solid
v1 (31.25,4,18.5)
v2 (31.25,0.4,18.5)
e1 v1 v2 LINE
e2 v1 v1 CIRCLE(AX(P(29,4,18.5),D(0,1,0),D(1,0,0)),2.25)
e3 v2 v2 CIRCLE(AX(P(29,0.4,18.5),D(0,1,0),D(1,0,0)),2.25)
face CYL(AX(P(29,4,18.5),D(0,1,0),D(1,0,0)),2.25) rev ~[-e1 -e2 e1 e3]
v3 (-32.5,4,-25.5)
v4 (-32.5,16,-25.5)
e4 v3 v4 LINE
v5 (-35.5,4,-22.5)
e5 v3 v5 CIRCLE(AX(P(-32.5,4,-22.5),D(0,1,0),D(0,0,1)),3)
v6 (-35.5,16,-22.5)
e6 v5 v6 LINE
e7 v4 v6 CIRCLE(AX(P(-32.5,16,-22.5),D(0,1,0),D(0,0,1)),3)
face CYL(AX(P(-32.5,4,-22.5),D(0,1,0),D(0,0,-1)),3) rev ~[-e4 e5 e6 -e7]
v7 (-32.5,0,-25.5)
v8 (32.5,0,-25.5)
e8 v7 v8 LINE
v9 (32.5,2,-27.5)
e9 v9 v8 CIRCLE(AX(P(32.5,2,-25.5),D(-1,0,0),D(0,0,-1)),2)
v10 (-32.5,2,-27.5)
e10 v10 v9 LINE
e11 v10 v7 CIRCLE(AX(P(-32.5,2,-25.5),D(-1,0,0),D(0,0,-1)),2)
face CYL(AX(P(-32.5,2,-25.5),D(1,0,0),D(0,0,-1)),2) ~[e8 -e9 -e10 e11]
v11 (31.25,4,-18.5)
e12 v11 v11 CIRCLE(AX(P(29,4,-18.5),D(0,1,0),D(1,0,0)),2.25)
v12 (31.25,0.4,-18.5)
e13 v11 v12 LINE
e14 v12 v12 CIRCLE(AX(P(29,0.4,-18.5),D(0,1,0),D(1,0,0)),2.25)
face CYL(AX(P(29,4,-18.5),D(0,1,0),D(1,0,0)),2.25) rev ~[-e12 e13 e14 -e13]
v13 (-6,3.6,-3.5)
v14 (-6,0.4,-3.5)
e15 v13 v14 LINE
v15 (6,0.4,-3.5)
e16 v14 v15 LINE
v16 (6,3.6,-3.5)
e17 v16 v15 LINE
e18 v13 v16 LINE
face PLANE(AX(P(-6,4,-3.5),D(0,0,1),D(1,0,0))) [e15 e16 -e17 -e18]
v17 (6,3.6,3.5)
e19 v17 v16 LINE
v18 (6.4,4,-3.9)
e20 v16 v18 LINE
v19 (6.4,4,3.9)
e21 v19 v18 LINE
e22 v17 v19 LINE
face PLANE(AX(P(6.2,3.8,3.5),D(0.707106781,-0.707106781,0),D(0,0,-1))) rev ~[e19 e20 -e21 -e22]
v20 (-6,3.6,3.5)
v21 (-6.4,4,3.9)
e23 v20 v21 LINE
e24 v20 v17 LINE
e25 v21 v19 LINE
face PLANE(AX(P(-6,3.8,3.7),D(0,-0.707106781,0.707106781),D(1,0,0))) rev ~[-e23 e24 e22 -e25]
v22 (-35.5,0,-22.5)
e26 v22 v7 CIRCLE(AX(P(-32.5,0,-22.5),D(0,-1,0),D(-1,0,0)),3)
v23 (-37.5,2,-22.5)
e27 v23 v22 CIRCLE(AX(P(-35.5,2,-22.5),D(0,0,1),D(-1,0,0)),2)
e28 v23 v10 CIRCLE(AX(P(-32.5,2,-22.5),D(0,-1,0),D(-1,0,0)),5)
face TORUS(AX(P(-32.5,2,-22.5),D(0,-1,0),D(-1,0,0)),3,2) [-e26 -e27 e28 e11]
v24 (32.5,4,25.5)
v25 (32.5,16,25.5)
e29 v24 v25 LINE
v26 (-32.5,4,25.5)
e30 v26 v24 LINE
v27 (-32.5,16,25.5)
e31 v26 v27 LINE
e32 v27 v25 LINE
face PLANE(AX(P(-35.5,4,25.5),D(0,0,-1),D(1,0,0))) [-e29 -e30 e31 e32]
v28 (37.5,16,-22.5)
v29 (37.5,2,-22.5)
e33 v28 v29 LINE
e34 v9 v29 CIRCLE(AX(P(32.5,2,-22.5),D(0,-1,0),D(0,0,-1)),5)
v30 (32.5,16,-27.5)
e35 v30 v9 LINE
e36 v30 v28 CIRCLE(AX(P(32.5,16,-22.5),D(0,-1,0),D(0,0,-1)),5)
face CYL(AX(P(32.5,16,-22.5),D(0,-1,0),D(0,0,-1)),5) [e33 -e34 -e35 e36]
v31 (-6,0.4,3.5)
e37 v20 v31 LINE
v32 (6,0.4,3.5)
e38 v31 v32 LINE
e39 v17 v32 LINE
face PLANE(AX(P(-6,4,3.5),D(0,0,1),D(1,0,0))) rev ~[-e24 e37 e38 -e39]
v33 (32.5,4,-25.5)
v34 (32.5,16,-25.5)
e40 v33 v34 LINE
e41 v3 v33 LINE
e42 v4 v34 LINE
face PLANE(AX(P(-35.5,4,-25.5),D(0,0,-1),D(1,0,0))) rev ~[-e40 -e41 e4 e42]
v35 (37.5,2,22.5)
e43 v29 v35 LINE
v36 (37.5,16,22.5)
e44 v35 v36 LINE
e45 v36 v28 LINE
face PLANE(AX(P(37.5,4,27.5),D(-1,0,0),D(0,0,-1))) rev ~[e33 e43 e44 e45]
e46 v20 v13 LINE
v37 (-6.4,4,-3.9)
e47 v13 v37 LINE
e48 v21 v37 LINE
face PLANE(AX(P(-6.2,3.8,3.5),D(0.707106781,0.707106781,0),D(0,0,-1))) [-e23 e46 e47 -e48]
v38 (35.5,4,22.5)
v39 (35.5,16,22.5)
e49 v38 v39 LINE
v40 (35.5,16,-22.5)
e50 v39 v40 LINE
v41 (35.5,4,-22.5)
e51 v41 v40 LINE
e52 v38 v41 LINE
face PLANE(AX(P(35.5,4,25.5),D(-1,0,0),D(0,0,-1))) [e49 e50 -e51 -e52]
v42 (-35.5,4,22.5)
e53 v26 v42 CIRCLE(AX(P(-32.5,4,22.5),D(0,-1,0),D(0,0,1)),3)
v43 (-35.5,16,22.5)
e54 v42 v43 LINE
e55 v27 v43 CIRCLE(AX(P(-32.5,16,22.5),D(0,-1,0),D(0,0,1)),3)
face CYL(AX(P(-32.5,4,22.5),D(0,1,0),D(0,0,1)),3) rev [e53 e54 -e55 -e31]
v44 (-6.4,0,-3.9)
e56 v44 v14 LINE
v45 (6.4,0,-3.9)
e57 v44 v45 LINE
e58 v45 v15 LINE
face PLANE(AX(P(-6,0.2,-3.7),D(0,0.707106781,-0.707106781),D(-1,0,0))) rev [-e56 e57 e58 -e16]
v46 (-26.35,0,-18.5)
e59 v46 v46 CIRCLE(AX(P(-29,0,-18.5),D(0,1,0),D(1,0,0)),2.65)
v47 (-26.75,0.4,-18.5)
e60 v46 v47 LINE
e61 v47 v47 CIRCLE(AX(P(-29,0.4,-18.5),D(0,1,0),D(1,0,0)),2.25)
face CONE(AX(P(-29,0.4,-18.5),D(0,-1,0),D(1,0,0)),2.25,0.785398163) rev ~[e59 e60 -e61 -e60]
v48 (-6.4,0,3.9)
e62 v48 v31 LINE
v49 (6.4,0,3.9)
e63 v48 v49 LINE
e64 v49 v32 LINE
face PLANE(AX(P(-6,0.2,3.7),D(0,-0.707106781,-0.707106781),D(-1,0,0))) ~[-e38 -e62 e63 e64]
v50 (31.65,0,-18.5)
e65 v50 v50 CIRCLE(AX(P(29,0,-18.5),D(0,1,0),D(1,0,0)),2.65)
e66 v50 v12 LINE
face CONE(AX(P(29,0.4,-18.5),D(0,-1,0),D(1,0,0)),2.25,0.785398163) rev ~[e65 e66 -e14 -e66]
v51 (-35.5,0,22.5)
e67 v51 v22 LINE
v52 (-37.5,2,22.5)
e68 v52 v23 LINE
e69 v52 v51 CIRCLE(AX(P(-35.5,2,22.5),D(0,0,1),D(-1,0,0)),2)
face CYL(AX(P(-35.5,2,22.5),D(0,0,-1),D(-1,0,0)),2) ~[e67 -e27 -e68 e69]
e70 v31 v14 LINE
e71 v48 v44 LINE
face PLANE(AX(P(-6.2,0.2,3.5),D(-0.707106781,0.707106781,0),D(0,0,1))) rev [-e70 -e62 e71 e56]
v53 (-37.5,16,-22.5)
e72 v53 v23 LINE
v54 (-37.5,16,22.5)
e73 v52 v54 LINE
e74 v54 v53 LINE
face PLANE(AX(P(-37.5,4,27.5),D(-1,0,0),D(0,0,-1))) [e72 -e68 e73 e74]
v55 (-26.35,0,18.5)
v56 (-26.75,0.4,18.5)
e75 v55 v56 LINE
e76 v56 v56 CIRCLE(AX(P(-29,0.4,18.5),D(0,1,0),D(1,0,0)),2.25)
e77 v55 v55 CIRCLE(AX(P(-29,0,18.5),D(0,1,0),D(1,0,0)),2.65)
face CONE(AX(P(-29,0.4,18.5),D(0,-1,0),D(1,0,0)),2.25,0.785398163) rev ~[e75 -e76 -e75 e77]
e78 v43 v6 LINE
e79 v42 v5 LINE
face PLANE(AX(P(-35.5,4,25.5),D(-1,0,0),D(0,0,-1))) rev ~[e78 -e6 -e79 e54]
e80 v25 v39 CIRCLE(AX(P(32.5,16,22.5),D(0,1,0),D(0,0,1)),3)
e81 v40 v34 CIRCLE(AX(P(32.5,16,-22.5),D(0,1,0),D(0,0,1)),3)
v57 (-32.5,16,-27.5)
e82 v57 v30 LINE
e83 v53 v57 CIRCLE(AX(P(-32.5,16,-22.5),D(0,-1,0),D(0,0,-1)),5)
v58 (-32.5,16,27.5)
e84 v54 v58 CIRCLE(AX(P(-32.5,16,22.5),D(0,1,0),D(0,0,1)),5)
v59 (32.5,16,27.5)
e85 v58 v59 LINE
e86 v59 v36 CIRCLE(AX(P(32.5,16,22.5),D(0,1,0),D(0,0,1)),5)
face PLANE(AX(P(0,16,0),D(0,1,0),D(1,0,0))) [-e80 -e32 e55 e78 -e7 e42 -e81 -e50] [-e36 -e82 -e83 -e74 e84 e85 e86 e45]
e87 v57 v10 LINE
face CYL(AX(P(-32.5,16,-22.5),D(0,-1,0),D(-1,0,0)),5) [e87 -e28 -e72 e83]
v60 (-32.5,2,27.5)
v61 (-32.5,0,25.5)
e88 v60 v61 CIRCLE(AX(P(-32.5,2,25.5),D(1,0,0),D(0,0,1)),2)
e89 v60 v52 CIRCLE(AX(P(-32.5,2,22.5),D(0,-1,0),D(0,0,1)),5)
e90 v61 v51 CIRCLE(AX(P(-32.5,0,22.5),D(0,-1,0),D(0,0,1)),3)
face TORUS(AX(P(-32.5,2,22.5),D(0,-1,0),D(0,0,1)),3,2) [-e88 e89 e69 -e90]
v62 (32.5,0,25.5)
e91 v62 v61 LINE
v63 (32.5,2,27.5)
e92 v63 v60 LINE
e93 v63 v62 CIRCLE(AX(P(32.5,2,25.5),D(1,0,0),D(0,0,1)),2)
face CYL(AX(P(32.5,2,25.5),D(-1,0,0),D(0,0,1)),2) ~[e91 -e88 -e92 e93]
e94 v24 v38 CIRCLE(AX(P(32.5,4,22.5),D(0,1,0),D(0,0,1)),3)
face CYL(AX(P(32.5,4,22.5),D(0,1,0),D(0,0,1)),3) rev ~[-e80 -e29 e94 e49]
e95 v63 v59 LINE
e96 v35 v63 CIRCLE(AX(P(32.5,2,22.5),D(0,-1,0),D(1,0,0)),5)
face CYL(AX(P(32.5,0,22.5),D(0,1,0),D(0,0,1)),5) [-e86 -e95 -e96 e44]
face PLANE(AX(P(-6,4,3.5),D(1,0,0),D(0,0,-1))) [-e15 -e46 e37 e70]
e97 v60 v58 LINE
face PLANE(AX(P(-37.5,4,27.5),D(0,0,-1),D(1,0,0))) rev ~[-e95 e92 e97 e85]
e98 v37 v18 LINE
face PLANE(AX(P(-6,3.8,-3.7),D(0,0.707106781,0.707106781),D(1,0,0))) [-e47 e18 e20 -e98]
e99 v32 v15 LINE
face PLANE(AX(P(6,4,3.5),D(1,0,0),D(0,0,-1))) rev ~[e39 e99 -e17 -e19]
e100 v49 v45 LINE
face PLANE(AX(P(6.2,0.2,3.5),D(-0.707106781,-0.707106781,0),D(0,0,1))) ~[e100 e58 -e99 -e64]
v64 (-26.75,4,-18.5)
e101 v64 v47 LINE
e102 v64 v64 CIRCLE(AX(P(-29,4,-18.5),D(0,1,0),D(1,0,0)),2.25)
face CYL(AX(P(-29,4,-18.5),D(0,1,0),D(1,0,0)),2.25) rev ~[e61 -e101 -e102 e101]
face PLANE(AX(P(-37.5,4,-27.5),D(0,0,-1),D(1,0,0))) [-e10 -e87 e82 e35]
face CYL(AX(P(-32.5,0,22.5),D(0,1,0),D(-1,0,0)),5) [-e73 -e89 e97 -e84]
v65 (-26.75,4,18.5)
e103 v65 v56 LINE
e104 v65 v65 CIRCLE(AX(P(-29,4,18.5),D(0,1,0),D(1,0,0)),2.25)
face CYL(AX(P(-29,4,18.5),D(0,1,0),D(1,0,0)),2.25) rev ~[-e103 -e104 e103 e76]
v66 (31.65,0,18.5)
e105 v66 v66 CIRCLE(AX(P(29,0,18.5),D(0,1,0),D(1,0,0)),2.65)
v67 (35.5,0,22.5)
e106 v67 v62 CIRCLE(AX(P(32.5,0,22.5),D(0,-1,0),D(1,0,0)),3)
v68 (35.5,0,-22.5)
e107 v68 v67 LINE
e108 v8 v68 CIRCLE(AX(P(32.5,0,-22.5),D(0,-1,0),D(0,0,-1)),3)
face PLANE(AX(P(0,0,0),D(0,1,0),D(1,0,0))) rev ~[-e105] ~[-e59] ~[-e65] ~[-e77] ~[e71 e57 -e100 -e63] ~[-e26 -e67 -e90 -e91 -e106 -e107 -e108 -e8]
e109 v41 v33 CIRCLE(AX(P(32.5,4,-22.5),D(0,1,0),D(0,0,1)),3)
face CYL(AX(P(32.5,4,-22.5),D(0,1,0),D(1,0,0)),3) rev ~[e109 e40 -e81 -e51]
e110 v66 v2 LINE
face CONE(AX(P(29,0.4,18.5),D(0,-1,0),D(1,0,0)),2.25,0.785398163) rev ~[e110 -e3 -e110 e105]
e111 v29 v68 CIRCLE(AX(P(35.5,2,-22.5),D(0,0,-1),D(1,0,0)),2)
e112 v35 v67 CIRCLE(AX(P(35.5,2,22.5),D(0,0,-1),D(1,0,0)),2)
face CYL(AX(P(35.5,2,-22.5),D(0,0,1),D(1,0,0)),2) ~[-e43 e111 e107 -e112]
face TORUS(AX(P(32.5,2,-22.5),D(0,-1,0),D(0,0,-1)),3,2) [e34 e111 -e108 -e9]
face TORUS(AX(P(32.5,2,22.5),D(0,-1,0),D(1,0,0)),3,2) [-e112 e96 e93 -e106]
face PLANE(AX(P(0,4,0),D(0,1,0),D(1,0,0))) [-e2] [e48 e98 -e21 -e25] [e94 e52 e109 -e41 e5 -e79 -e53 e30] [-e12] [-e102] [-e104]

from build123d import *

# Parameters (mm, degrees)
SKETCH1_W           = 75
SKETCH1_H           = 55
BOSS_EXTRUDE1_DEPTH = 4
SKETCH2_W           = 75
SKETCH2_H           = 55
SKETCH2_W_2         = 71
SKETCH2_H_2         = 51
BOSS_EXTRUDE2_DEPTH = 12
SKETCH3_R           = 2.25
SKETCH3_W           = 12
SKETCH3_H           = 7
CUT_EXTRUDE1_DEPTH  = 5
FILLET1_R           = 5
FILLET2_R           = 3
FILLET3_R           = 2
CHAMFER1_SIZE       = 0.4


with BuildPart() as part:
    # Sketch1 → Boss-Extrude1 (new body)
    with BuildSketch(Plane(origin=(0, 0, 0), x_dir=(1, 0, 0), z_dir=(0, 1, 0))):
        Rectangle(SKETCH1_W, SKETCH1_H)
    extrude(amount=BOSS_EXTRUDE1_DEPTH)

    # Sketch2 → Boss-Extrude2 (add)
    with BuildSketch(Plane(origin=(0, 4, 0), x_dir=(1, 0, 0), z_dir=(0, 1, 0))):
        Rectangle(SKETCH2_W, SKETCH2_H)
        Rectangle(SKETCH2_W_2, SKETCH2_H_2, mode=Mode.SUBTRACT)
    extrude(amount=BOSS_EXTRUDE2_DEPTH)

    # Sketch3 → Cut-Extrude1 (cut, through all)
    with BuildSketch(Plane(origin=(0, 4, 0), x_dir=(1, 0, 0), z_dir=(0, 1, 0))):
        with Locations((-29, 18.5)):
            Circle(SKETCH3_R)
        with Locations((29, 18.5)):
            Circle(SKETCH3_R)
        with Locations((29, -18.5)):
            Circle(SKETCH3_R)
        with Locations((-29, -18.5)):
            Circle(SKETCH3_R)
        Rectangle(SKETCH3_W, SKETCH3_H)
    extrude(amount=-CUT_EXTRUDE1_DEPTH, mode=Mode.SUBTRACT)

    # Fillet1
    fillet1_edges = [part.edges().sort_by_distance(p)[0] for p in [
        (37.5, 8, 27.5),
        (-37.5, 8, 27.5),
        (-37.5, 8, -27.5),
        (37.5, 8, -27.5),
    ]]
    fillet(fillet1_edges, radius=FILLET1_R)

    # Fillet2
    fillet2_edges = [part.edges().sort_by_distance(p)[0] for p in [
        (35.5, 10, -25.5),
        (-35.5, 10, -25.5),
        (-35.5, 10, 25.5),
        (35.5, 10, 25.5),
    ]]
    fillet(fillet2_edges, radius=FILLET2_R)

    # Fillet3
    fillet3_edges = [part.edges().sort_by_distance(p)[0] for p in [
        (-37.5, 0, 0),
        (37.5, 0, 0),
        (0, 0, 27.5),
        (0, 0, -27.5),
        (-36.035533906, 0, 26.035533906),
        (36.035533906, 0, 26.035533906),
        (36.035533906, 0, -26.035533906),
        (-36.035533906, 0, -26.035533906),
    ]]
    fillet(fillet3_edges, radius=FILLET3_R)

    # Chamfer1
    chamfer1_edges = [part.edges().sort_by_distance(p)[0] for p in [
        (6, 0, 0),
        (0, 0, 3.5),
        (-6, 0, 0),
        (0, 0, -3.5),
        (6, 4, 0),
        (0, 4, -3.5),
        (-6, 4, 0),
        (0, 4, 3.5),
        (-31.25, 0, 18.5),
        (26.75, 0, 18.5),
        (26.75, 0, -18.5),
        (-31.25, 0, -18.5),
    ]]
    chamfer(chamfer1_edges, length=CHAMFER1_SIZE)


solid = part.part
